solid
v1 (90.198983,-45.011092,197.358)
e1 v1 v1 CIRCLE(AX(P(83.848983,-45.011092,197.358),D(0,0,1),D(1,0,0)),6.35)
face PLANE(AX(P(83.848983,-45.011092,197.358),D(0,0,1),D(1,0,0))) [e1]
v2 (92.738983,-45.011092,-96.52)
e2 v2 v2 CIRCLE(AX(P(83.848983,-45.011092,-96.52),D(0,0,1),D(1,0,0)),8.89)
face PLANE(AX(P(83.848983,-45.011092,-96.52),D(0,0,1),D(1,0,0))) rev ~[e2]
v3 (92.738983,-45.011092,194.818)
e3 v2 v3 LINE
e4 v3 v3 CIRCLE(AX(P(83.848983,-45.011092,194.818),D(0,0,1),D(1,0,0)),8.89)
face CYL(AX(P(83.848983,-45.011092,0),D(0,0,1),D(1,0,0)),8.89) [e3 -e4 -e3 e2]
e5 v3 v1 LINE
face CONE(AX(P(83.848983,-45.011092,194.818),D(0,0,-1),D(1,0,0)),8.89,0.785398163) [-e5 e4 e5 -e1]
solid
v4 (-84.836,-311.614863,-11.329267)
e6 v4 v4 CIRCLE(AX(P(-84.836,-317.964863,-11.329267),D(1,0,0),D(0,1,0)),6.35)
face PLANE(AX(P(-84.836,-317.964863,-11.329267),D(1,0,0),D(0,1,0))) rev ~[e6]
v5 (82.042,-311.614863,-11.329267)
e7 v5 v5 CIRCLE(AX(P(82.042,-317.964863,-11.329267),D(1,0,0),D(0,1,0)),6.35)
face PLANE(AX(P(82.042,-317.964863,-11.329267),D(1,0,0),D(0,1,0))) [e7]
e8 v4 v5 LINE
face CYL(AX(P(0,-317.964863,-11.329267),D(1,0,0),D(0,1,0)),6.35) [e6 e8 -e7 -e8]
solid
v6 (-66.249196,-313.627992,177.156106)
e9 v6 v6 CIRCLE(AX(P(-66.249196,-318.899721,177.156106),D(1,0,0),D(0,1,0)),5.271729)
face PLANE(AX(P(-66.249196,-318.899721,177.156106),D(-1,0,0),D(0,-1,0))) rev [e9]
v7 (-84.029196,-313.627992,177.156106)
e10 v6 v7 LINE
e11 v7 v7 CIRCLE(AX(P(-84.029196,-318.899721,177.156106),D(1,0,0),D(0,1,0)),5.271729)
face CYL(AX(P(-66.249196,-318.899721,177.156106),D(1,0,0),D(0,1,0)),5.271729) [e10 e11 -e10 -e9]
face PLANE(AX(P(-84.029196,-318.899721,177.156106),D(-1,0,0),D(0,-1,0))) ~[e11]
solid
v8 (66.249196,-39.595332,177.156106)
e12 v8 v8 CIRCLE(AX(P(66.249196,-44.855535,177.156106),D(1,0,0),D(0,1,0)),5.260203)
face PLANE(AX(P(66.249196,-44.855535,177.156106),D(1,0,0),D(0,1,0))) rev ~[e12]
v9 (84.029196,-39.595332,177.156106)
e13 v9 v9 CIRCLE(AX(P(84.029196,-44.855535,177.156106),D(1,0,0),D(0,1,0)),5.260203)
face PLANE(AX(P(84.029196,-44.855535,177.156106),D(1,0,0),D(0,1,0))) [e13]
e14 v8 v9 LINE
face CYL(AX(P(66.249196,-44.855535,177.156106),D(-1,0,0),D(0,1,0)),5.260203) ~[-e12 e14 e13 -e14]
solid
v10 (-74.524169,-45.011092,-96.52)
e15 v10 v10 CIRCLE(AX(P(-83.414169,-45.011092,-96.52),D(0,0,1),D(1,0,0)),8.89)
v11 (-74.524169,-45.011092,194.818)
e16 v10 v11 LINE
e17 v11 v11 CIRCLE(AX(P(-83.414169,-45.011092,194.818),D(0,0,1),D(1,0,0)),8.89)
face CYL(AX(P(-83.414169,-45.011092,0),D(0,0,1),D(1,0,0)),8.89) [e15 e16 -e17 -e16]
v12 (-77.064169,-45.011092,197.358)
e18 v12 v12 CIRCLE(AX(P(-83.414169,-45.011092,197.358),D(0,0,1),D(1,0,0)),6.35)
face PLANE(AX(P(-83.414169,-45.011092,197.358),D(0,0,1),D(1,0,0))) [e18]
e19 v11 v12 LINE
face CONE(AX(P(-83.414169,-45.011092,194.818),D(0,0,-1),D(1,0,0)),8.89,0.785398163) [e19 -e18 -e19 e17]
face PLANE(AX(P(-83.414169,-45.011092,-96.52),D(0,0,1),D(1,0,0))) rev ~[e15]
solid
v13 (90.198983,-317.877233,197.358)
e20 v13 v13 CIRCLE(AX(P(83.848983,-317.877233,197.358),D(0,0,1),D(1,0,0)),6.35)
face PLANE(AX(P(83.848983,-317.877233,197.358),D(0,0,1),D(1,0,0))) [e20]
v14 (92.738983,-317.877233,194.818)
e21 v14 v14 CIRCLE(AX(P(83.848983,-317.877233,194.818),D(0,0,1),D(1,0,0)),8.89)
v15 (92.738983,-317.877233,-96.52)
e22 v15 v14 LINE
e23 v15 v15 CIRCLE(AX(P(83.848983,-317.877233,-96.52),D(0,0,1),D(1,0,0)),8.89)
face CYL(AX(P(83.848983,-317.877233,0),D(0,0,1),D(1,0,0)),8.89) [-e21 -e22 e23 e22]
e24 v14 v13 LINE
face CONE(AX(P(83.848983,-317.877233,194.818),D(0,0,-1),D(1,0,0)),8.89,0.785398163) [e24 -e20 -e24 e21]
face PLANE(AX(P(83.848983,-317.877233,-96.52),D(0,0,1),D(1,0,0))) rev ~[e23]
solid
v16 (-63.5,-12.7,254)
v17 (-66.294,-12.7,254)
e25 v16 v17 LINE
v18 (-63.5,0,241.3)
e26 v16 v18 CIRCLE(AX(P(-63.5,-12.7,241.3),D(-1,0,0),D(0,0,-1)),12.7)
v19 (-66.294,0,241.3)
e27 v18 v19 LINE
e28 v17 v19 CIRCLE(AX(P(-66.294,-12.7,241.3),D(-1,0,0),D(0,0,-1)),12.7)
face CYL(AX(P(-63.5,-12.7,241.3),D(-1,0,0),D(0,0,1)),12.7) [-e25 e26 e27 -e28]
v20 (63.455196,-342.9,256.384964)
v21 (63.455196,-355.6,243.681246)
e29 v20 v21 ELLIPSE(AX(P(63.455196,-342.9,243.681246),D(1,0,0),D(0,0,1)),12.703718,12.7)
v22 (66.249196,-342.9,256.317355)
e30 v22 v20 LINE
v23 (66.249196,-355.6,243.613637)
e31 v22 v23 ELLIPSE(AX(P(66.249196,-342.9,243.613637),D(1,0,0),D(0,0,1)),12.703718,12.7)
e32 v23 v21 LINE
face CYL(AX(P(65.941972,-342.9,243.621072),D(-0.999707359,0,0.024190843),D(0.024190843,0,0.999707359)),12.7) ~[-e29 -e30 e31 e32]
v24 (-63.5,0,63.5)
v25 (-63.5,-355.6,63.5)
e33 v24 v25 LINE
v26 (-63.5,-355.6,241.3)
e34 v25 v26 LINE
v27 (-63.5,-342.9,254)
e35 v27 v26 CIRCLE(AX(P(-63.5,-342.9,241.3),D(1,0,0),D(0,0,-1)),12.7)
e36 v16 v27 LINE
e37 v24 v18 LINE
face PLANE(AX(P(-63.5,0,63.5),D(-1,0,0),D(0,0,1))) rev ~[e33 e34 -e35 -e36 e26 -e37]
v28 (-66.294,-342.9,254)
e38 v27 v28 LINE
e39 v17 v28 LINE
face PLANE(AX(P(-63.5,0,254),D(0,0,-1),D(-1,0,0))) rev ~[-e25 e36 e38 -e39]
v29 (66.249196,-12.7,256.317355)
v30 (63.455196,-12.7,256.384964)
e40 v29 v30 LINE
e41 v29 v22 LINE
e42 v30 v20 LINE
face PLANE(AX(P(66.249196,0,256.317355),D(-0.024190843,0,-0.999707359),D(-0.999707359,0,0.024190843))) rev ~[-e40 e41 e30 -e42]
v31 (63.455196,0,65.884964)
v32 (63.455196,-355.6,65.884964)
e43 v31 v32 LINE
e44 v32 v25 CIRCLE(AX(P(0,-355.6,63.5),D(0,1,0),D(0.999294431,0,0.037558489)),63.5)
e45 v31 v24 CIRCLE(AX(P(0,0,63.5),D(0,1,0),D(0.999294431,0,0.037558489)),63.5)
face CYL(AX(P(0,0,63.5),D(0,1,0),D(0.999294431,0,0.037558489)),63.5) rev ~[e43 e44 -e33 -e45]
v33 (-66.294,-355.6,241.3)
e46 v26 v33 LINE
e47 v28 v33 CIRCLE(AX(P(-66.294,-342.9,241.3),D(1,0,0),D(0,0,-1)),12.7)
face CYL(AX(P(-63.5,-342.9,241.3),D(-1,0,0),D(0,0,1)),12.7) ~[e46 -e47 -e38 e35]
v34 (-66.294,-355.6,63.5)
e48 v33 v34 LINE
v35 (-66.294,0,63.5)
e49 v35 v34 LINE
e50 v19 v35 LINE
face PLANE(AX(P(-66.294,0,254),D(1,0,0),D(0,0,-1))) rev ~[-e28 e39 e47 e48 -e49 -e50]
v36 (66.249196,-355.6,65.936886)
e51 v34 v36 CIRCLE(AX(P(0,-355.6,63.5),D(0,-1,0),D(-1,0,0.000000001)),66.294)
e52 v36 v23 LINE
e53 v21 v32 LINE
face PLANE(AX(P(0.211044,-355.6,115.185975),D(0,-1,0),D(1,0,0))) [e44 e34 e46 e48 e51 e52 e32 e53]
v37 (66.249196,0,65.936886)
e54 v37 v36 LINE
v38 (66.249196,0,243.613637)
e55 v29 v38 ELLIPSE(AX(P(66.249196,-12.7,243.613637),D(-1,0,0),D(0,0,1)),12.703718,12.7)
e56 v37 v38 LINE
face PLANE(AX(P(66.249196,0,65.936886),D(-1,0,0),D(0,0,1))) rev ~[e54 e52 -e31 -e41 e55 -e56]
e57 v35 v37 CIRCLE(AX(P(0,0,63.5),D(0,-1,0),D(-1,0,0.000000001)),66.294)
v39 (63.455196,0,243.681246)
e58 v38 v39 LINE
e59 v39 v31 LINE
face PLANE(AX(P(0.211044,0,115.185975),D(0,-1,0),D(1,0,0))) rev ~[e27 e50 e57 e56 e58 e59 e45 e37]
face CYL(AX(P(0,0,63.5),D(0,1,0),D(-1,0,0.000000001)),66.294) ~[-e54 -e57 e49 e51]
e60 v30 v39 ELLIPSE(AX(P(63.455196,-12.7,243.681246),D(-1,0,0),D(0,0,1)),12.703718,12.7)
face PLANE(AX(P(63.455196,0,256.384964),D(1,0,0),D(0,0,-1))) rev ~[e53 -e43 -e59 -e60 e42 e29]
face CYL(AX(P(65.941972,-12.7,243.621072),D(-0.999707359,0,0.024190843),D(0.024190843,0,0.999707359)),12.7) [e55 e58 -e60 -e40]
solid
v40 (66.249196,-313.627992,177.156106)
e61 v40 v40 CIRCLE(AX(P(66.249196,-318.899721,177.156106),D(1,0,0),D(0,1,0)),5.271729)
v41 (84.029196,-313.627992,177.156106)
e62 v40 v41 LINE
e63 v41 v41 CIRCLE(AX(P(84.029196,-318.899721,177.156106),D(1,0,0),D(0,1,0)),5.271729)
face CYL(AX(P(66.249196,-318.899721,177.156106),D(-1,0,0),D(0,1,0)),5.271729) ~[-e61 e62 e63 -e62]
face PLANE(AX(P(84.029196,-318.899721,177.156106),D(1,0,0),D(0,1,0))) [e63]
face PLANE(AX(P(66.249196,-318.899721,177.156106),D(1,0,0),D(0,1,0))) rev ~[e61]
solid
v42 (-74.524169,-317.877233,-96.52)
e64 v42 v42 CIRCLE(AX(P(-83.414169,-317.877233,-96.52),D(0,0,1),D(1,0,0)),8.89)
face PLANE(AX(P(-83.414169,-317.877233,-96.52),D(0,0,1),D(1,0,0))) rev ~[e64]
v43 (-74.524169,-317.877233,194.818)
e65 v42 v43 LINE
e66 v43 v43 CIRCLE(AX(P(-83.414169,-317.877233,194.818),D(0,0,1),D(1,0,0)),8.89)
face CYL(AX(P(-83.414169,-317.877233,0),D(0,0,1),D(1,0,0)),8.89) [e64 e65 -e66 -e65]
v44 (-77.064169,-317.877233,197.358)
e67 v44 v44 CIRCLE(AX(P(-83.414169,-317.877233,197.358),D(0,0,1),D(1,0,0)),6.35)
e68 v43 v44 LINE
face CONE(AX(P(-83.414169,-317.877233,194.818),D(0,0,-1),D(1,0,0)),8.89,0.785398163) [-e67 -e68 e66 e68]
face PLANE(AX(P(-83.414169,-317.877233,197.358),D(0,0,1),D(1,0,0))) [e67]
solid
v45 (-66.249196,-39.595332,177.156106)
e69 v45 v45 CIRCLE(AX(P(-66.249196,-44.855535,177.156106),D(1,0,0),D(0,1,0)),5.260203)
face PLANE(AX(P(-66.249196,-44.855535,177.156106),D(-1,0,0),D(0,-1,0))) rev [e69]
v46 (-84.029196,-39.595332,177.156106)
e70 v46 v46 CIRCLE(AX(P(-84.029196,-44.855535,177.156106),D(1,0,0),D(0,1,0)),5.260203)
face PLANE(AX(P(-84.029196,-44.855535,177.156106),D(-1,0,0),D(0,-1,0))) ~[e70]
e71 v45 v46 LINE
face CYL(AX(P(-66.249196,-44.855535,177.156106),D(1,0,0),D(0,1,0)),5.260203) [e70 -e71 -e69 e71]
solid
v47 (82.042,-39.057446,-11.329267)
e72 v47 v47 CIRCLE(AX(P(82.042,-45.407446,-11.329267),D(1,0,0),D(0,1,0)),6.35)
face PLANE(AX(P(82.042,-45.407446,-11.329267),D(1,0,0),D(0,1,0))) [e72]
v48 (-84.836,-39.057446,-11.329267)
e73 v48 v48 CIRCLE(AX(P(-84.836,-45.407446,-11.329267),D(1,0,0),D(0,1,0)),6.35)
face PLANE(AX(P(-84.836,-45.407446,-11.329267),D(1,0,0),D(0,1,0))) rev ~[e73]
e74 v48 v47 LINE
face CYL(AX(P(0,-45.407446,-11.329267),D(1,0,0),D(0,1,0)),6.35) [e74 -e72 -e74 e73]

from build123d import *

# Parameters (mm, degrees)
F1_DEPTH      = 355.6
F2_R          = 12.7
F3_R          = 8.89
F4_DEPTH      = 197.358
F4_DEPTH_BACK = 96.52
F5_R          = 6.35
F6_DEPTH      = 82.042
F6_DEPTH_BACK = 84.836
F7_R          = 5.271729
F7_R_2        = 5.260203
F8_DEPTH      = 17.78
F10_SIZE      = 2.54


with BuildPart() as f1:
    # F0 (on Front) → F1 (new body)
    with BuildSketch(Plane.XZ):
        with BuildLine():
            ThreePointArc((63.455196, 65.884964), (1.192692, 0.011202), (-63.5, 63.5))
            Line((-63.5, 63.5), (-63.5, 254))
            Line((-63.5, 254), (-66.294, 254))
            Line((-66.294, 254), (-66.294, 63.5))
            ThreePointArc((-66.294, 63.5), (1.218649, -2.782798), (66.249196, 65.936886))
            Line((66.249196, 65.936886), (66.249196, 256.317355))
            Line((66.249196, 256.317355), (63.455196, 256.384964))
            Line((63.455196, 256.384964), (63.455196, 65.884964))
        make_face()
    extrude(amount=F1_DEPTH)

    # F2
    f2_edges = [f1.edges().sort_by_distance(p)[0] for p in [
        (-64.897, -355.6, 254),
        (64.852196, -355.6, 256.351159),
        (-64.897, 0, 254),
        (64.852196, 0, 256.351159),
    ]]
    fillet(f2_edges, radius=F2_R)


with BuildPart() as f4:
    # F3 (on Top) → F4 (new body, two sides)
    with BuildSketch(Plane.XY) as f4_sk:
        with Locations((-83.414169, -45.011092)):
            Circle(F3_R)
        with Locations((-83.414169, -317.877233)):
            Circle(F3_R)
        with Locations((83.848983, -317.877233)):
            Circle(F3_R)
        with Locations((83.848983, -45.011092)):
            Circle(F3_R)
    extrude(amount=F4_DEPTH)
    extrude(f4_sk.sketch, amount=-F4_DEPTH_BACK)

    # F10
    f10_edges = [f4.edges().sort_by_distance(p)[0] for p in [
        (-92.304169, -45.011092, 197.358),
        (-92.304169, -317.877233, 197.358),
        (74.958983, -317.877233, 197.358),
        (74.958983, -45.011092, 197.358),
    ]]
    chamfer(f10_edges, length=F10_SIZE)


with BuildPart() as f6:
    # F5 (on Right) → F6 (new body, two sides)
    with BuildSketch(Plane.YZ) as f6_sk:
        with Locations((-317.964863, -11.329267)):
            Circle(F5_R)
        with Locations((-45.407446, -11.329267)):
            Circle(F5_R)
    extrude(amount=F6_DEPTH)
    extrude(f6_sk.sketch, amount=-F6_DEPTH_BACK)


with BuildPart() as f8:
    # F7 (on face) → F8 (new body)
    with BuildSketch(Plane.YZ.offset(66.249196)):
        with Locations((-318.899721, 177.156106)):
            Circle(F7_R)
        with Locations((-44.855535, 177.156106)):
            Circle(F7_R_2)
    extrude(amount=F8_DEPTH)


with BuildPart() as f9_1:
    # F9: instance of F8
    add(f8.part.mirror(Plane.YZ))


solid = Compound([f1.part, f4.part, f6.part, f8.part, f9_1.part])
